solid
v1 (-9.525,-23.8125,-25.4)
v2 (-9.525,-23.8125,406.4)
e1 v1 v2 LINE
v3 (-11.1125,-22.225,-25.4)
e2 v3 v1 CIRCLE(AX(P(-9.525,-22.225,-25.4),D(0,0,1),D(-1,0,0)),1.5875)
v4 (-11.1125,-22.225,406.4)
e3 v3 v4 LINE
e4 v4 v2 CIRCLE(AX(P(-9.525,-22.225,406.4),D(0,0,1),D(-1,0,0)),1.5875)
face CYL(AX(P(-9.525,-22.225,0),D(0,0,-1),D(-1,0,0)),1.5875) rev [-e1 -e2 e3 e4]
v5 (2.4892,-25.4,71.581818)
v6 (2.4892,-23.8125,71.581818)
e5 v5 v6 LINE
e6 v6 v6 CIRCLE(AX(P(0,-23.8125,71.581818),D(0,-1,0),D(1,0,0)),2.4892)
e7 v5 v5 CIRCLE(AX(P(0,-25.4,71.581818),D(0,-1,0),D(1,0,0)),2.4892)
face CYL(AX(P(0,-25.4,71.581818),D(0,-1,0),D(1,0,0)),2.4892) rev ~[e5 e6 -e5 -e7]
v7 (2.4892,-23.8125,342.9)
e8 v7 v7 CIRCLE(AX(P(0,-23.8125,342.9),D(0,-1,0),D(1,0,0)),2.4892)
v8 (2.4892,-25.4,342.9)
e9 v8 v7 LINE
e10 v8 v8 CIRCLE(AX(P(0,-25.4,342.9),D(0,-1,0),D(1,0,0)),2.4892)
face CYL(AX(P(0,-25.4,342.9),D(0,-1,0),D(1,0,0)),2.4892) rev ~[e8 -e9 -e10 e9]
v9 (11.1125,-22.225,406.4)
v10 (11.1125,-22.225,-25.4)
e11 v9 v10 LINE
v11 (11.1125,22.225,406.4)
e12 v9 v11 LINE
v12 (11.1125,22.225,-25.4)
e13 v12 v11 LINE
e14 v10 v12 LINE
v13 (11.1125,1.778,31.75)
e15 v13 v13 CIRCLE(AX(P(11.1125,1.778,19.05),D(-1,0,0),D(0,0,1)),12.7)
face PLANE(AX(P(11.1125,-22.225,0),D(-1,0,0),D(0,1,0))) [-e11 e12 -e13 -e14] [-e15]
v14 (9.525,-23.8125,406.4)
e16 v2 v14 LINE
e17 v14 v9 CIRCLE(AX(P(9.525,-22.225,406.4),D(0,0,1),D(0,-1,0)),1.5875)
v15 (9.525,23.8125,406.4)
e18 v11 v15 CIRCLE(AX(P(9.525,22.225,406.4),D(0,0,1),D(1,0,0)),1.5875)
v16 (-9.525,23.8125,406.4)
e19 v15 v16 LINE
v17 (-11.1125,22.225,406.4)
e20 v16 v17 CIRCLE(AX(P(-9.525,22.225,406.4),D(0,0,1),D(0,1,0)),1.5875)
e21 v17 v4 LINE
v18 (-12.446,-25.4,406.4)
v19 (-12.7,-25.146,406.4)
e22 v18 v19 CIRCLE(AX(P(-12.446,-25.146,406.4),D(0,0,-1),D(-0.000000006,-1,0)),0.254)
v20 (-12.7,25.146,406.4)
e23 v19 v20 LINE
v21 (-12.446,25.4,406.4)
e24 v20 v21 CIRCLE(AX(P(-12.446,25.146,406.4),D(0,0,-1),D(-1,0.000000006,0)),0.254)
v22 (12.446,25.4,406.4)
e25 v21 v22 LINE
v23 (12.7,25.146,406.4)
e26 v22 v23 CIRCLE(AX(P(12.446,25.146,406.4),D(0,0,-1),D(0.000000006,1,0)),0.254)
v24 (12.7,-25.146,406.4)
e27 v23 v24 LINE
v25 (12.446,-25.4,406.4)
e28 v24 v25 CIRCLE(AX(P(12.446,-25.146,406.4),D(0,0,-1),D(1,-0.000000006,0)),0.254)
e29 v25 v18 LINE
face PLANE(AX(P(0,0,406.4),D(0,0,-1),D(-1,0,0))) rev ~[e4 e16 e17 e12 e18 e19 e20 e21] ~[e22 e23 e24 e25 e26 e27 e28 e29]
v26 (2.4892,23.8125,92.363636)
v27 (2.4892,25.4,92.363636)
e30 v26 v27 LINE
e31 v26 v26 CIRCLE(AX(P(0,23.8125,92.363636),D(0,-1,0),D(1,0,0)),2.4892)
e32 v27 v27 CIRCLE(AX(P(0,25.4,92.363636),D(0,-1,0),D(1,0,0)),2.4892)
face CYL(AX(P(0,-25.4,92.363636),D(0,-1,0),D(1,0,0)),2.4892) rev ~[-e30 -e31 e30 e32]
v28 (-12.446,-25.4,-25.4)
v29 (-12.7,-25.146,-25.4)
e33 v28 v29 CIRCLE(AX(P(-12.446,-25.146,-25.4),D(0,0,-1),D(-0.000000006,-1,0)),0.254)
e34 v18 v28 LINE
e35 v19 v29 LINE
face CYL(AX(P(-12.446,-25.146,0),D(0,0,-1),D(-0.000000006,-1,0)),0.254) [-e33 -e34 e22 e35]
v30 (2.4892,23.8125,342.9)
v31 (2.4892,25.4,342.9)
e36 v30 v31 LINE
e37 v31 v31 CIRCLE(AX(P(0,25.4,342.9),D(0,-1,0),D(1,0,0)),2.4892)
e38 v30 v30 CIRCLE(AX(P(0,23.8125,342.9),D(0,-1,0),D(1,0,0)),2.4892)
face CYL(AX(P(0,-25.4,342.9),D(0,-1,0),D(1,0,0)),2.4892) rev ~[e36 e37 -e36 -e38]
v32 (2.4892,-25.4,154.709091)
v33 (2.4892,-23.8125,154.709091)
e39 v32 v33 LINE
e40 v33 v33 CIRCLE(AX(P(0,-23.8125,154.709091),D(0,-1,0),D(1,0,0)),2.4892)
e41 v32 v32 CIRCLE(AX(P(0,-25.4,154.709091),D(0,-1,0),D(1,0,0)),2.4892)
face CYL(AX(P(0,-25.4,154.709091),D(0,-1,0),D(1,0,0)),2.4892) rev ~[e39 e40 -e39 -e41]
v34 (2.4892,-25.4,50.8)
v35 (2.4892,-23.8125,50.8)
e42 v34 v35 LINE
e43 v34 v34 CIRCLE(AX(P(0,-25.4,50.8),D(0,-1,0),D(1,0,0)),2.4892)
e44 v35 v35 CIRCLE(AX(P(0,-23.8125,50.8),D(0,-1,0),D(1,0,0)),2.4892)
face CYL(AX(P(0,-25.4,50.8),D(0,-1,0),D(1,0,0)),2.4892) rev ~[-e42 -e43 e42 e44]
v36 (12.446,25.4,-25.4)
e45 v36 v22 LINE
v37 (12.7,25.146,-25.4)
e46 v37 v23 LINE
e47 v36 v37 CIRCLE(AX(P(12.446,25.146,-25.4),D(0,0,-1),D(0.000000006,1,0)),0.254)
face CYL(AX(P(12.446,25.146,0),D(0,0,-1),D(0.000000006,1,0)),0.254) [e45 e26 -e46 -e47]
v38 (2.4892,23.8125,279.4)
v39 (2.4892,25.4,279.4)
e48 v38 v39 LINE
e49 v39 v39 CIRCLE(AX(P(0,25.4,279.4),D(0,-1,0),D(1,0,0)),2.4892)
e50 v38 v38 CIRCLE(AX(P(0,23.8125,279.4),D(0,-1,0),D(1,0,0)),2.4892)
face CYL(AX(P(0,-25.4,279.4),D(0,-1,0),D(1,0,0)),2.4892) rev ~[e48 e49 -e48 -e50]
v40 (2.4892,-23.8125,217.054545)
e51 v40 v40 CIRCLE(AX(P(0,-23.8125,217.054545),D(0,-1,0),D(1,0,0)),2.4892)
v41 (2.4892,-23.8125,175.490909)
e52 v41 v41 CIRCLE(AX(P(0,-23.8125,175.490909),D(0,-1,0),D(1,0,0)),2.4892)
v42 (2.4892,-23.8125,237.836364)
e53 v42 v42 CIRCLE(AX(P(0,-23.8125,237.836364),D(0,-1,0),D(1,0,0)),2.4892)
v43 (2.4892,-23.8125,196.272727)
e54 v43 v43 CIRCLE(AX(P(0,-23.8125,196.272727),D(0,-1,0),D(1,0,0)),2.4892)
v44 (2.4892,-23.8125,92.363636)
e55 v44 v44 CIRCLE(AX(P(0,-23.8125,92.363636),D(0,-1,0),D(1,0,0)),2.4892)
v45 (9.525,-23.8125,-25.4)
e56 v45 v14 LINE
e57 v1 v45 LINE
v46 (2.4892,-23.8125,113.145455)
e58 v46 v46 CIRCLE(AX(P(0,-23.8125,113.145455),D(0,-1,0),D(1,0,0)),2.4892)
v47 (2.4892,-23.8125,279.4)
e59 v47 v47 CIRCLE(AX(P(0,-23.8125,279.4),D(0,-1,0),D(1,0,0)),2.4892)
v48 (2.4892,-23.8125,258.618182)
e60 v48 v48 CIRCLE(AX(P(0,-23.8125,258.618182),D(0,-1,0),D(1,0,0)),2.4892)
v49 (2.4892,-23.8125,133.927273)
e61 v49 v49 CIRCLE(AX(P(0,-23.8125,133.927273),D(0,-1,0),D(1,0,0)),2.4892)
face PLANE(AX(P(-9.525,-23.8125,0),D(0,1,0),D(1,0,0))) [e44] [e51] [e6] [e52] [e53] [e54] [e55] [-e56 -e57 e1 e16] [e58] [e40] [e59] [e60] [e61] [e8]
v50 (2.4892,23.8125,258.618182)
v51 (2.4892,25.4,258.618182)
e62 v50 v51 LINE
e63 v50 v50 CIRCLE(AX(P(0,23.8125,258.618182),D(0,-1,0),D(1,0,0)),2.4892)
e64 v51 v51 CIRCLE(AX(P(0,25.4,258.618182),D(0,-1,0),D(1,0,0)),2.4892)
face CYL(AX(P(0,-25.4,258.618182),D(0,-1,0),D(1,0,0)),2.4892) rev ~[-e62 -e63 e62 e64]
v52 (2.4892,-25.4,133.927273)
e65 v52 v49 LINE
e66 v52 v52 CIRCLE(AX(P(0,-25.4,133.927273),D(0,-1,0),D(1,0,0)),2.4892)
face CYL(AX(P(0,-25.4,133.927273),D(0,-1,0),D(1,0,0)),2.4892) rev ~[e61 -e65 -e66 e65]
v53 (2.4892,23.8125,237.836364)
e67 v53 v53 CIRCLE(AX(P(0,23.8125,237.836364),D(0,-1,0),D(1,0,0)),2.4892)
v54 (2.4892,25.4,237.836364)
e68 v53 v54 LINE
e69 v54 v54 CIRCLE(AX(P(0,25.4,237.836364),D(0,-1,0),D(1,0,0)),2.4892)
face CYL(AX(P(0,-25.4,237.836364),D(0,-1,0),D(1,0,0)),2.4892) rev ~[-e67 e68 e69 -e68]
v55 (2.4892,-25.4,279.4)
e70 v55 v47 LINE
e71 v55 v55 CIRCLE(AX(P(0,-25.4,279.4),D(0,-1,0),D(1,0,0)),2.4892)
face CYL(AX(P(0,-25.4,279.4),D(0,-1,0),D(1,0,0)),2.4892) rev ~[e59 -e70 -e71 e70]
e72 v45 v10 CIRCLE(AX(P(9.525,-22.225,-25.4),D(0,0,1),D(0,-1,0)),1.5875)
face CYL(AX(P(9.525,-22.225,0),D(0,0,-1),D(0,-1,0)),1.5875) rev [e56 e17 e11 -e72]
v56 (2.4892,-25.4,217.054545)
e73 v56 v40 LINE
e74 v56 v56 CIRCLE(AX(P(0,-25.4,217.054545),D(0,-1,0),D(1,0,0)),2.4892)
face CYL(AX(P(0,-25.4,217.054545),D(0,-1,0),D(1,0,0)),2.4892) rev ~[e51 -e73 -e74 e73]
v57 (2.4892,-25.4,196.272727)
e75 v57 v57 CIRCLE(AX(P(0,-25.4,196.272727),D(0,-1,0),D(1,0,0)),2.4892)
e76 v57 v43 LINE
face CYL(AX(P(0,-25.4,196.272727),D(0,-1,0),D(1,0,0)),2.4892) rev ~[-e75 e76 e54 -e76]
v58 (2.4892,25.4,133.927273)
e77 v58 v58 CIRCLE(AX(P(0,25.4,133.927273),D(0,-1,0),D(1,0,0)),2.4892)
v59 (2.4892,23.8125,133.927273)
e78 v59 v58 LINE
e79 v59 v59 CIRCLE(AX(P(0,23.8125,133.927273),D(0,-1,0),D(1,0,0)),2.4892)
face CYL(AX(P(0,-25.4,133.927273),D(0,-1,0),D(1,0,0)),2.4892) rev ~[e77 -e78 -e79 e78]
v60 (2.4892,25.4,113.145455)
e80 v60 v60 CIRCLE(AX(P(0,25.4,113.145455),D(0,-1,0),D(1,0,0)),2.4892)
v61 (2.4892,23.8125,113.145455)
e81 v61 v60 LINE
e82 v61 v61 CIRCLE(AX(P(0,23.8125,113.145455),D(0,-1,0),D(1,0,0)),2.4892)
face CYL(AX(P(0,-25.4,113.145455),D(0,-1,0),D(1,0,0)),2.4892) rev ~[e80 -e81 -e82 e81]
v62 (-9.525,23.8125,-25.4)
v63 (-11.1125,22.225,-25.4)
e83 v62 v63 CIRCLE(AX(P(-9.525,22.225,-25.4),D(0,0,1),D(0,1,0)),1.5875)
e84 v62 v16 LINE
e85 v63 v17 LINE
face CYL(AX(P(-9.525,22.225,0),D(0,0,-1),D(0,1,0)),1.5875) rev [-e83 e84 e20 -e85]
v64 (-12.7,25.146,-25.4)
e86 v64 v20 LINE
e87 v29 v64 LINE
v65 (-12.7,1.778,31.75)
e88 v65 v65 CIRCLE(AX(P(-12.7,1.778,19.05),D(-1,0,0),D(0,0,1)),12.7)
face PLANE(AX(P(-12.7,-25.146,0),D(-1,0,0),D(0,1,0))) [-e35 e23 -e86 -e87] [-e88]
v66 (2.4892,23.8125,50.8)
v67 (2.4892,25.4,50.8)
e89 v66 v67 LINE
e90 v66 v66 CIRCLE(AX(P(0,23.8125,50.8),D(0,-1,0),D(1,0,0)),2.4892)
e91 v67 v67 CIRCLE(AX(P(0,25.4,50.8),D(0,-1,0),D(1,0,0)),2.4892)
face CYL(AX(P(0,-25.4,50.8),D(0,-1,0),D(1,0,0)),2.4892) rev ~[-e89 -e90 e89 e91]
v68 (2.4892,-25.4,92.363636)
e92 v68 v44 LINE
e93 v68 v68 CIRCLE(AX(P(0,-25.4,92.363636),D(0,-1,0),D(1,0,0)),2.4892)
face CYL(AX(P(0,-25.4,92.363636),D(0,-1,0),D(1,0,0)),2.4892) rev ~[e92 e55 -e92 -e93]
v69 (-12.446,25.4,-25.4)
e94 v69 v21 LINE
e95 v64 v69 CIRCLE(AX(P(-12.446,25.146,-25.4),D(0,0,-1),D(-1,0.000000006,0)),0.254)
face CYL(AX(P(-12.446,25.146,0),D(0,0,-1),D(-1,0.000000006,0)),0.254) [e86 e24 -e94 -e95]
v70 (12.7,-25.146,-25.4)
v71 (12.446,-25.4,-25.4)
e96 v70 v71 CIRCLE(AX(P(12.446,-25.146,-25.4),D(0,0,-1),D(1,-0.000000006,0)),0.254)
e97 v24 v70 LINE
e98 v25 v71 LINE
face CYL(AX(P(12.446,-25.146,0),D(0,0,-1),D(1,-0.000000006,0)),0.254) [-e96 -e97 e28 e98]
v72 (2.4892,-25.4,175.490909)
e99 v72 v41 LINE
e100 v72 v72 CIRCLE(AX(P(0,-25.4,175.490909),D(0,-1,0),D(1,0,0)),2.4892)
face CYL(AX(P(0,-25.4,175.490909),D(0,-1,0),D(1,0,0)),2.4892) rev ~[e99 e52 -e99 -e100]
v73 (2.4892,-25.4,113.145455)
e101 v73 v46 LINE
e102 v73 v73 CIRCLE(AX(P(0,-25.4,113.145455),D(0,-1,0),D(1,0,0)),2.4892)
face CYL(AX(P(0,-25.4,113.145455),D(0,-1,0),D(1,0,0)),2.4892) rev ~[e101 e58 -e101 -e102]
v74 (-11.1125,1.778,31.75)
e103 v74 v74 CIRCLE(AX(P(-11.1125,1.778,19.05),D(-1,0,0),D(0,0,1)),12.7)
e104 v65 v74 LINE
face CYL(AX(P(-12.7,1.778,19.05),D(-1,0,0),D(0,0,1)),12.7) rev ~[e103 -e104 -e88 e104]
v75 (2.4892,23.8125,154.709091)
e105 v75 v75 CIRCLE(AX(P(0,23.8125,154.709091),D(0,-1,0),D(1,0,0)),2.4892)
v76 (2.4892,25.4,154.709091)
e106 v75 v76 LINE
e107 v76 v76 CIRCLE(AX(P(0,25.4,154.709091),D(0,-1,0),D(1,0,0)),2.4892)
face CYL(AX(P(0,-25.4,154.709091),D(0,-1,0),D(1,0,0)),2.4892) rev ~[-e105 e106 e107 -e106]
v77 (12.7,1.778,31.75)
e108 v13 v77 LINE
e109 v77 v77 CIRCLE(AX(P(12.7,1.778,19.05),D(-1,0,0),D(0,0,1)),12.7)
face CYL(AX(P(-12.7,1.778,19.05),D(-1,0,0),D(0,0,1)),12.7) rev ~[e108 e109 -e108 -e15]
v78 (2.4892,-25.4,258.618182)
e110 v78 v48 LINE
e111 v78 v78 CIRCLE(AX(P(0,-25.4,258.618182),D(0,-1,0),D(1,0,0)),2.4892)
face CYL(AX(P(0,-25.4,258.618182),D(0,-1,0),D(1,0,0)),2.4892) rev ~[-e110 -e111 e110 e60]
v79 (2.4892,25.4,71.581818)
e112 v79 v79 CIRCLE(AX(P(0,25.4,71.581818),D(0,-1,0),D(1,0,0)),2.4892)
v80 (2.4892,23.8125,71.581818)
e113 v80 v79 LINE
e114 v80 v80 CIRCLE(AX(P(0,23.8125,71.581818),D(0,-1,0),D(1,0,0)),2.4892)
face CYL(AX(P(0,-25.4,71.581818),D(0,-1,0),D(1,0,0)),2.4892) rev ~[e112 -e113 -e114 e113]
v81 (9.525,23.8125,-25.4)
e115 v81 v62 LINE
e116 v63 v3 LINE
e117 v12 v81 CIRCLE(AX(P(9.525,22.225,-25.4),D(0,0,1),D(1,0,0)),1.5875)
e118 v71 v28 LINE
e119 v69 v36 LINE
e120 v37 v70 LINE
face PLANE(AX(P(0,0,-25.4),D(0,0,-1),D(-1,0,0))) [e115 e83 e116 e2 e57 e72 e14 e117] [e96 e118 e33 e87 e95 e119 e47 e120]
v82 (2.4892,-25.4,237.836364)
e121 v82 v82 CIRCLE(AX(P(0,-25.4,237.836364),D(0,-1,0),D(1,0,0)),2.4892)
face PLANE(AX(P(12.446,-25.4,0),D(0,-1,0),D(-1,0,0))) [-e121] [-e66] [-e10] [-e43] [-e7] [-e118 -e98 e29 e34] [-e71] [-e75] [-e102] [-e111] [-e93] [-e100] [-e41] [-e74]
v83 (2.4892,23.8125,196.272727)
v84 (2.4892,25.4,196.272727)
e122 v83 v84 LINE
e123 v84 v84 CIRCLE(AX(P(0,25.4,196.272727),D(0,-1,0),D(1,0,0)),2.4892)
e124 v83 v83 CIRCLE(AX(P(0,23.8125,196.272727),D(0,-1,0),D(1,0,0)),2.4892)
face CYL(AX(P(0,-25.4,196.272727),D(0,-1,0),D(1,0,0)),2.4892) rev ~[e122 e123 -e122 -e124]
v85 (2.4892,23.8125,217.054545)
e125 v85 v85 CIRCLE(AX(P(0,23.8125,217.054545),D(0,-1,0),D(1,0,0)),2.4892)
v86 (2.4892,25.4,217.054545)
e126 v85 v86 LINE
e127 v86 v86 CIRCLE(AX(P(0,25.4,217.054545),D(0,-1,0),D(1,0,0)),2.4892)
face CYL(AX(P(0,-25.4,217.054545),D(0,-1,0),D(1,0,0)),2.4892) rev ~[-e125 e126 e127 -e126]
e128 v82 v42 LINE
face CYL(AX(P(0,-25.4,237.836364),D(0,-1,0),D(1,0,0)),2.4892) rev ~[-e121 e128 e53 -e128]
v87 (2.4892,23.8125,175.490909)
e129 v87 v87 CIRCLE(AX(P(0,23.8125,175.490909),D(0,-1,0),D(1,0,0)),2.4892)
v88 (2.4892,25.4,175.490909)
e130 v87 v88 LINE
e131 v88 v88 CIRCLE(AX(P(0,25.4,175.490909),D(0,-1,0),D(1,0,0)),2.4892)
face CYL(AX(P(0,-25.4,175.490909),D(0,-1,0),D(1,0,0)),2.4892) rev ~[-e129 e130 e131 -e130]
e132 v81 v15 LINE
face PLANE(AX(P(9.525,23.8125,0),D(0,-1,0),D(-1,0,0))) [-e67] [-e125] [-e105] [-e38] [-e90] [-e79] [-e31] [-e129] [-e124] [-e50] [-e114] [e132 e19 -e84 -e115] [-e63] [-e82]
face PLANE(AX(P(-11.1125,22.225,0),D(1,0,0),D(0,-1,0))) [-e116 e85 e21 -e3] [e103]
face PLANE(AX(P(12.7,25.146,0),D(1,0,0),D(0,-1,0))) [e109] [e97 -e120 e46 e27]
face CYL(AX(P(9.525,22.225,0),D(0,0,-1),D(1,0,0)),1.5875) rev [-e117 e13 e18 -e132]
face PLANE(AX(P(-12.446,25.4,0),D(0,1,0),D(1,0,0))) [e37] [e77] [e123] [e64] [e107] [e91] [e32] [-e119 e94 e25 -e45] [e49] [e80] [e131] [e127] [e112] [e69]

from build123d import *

# Parameters (mm, degrees)
BOSS_EXTRUDE1_DEPTH      = 25.4
BOSS_EXTRUDE1_DEPTH_BACK = 406.4
SKETCH2_R                = 12.7
CUT_EXTRUDE1_DEPTH       = 25.4
SKETCH3_R                = 2.4892
CUT_EXTRUDE2_DEPTH       = 1
CUT_EXTRUDE2_DEPTH_BACK  = 51.8


with BuildPart() as part:
    # Sketch1 → Boss-Extrude1 (new body, two sides)
    with BuildSketch(Plane(origin=(0, 0, 0), x_dir=(-1, 0, 0), z_dir=(0, 0, -1))) as boss_extrude1_sk:
        with BuildLine():
            Line((-12.7, 25.146), (-12.7, -25.146))
            ThreePointArc((-12.7, -25.146), (-12.625605122, -25.325605122), (-12.446, -25.4))
            Line((-12.446, -25.4), (12.446, -25.4))
            ThreePointArc((12.446, -25.4), (12.625605122, -25.325605122), (12.7, -25.146))
            Line((12.7, -25.146), (12.7, 25.146))
            ThreePointArc((12.7, 25.146), (12.625605122, 25.325605122), (12.446, 25.4))
            Line((12.446, 25.4), (-12.446, 25.4))
            ThreePointArc((-12.446, 25.4), (-12.625605122, 25.325605122), (-12.7, 25.146))
        make_face()
        with BuildLine():
            Line((-11.1125, -22.225), (-11.1125, 22.225))
            ThreePointArc((-11.1125, 22.225), (-10.647532015, 23.347532015), (-9.525, 23.8125))
            Line((-9.525, 23.8125), (9.525, 23.8125))
            ThreePointArc((9.525, 23.8125), (10.647532015, 23.347532015), (11.1125, 22.225))
            Line((11.1125, 22.225), (11.1125, -22.225))
            ThreePointArc((11.1125, -22.225), (10.647532015, -23.347532015), (9.525, -23.8125))
            Line((9.525, -23.8125), (-9.525, -23.8125))
            ThreePointArc((-9.525, -23.8125), (-10.647532015, -23.347532015), (-11.1125, -22.225))
        make_face(mode=Mode.SUBTRACT)
    extrude(amount=BOSS_EXTRUDE1_DEPTH)
    extrude(boss_extrude1_sk.sketch, amount=-BOSS_EXTRUDE1_DEPTH_BACK)

    # Sketch2 → Cut-Extrude1 (cut)
    with BuildSketch(Plane.ZY.offset(12.7)):
        with Locations((19.05, 1.778)):
            Circle(SKETCH2_R)
    extrude(amount=-CUT_EXTRUDE1_DEPTH, mode=Mode.SUBTRACT)

    # Sketch3 → Cut-Extrude2 (cut, two sides)
    with BuildSketch(Plane.XZ.offset(25.4)) as cut_extrude2_sk:
        with Locations((0, 50.8)):
            Circle(SKETCH3_R)
        with Locations((0, 71.581818182)):
            Circle(SKETCH3_R)
        with Locations((0, 92.363636364)):
            Circle(SKETCH3_R)
        with Locations((0, 113.145454545)):
            Circle(SKETCH3_R)
        with Locations((0, 133.927272727)):
            Circle(SKETCH3_R)
        with Locations((0, 154.709090909)):
            Circle(SKETCH3_R)
        with Locations((0, 175.490909091)):
            Circle(SKETCH3_R)
        with Locations((0, 196.272727273)):
            Circle(SKETCH3_R)
        with Locations((0, 217.054545455)):
            Circle(SKETCH3_R)
        with Locations((0, 237.836363636)):
            Circle(SKETCH3_R)
        with Locations((0, 258.618181818)):
            Circle(SKETCH3_R)
        with Locations((0, 342.9)):
            Circle(SKETCH3_R)
        with Locations((0, 279.4)):
            Circle(SKETCH3_R)
    extrude(amount=CUT_EXTRUDE2_DEPTH, mode=Mode.SUBTRACT)
    extrude(cut_extrude2_sk.sketch, amount=-CUT_EXTRUDE2_DEPTH_BACK, mode=Mode.SUBTRACT)


solid = part.part
